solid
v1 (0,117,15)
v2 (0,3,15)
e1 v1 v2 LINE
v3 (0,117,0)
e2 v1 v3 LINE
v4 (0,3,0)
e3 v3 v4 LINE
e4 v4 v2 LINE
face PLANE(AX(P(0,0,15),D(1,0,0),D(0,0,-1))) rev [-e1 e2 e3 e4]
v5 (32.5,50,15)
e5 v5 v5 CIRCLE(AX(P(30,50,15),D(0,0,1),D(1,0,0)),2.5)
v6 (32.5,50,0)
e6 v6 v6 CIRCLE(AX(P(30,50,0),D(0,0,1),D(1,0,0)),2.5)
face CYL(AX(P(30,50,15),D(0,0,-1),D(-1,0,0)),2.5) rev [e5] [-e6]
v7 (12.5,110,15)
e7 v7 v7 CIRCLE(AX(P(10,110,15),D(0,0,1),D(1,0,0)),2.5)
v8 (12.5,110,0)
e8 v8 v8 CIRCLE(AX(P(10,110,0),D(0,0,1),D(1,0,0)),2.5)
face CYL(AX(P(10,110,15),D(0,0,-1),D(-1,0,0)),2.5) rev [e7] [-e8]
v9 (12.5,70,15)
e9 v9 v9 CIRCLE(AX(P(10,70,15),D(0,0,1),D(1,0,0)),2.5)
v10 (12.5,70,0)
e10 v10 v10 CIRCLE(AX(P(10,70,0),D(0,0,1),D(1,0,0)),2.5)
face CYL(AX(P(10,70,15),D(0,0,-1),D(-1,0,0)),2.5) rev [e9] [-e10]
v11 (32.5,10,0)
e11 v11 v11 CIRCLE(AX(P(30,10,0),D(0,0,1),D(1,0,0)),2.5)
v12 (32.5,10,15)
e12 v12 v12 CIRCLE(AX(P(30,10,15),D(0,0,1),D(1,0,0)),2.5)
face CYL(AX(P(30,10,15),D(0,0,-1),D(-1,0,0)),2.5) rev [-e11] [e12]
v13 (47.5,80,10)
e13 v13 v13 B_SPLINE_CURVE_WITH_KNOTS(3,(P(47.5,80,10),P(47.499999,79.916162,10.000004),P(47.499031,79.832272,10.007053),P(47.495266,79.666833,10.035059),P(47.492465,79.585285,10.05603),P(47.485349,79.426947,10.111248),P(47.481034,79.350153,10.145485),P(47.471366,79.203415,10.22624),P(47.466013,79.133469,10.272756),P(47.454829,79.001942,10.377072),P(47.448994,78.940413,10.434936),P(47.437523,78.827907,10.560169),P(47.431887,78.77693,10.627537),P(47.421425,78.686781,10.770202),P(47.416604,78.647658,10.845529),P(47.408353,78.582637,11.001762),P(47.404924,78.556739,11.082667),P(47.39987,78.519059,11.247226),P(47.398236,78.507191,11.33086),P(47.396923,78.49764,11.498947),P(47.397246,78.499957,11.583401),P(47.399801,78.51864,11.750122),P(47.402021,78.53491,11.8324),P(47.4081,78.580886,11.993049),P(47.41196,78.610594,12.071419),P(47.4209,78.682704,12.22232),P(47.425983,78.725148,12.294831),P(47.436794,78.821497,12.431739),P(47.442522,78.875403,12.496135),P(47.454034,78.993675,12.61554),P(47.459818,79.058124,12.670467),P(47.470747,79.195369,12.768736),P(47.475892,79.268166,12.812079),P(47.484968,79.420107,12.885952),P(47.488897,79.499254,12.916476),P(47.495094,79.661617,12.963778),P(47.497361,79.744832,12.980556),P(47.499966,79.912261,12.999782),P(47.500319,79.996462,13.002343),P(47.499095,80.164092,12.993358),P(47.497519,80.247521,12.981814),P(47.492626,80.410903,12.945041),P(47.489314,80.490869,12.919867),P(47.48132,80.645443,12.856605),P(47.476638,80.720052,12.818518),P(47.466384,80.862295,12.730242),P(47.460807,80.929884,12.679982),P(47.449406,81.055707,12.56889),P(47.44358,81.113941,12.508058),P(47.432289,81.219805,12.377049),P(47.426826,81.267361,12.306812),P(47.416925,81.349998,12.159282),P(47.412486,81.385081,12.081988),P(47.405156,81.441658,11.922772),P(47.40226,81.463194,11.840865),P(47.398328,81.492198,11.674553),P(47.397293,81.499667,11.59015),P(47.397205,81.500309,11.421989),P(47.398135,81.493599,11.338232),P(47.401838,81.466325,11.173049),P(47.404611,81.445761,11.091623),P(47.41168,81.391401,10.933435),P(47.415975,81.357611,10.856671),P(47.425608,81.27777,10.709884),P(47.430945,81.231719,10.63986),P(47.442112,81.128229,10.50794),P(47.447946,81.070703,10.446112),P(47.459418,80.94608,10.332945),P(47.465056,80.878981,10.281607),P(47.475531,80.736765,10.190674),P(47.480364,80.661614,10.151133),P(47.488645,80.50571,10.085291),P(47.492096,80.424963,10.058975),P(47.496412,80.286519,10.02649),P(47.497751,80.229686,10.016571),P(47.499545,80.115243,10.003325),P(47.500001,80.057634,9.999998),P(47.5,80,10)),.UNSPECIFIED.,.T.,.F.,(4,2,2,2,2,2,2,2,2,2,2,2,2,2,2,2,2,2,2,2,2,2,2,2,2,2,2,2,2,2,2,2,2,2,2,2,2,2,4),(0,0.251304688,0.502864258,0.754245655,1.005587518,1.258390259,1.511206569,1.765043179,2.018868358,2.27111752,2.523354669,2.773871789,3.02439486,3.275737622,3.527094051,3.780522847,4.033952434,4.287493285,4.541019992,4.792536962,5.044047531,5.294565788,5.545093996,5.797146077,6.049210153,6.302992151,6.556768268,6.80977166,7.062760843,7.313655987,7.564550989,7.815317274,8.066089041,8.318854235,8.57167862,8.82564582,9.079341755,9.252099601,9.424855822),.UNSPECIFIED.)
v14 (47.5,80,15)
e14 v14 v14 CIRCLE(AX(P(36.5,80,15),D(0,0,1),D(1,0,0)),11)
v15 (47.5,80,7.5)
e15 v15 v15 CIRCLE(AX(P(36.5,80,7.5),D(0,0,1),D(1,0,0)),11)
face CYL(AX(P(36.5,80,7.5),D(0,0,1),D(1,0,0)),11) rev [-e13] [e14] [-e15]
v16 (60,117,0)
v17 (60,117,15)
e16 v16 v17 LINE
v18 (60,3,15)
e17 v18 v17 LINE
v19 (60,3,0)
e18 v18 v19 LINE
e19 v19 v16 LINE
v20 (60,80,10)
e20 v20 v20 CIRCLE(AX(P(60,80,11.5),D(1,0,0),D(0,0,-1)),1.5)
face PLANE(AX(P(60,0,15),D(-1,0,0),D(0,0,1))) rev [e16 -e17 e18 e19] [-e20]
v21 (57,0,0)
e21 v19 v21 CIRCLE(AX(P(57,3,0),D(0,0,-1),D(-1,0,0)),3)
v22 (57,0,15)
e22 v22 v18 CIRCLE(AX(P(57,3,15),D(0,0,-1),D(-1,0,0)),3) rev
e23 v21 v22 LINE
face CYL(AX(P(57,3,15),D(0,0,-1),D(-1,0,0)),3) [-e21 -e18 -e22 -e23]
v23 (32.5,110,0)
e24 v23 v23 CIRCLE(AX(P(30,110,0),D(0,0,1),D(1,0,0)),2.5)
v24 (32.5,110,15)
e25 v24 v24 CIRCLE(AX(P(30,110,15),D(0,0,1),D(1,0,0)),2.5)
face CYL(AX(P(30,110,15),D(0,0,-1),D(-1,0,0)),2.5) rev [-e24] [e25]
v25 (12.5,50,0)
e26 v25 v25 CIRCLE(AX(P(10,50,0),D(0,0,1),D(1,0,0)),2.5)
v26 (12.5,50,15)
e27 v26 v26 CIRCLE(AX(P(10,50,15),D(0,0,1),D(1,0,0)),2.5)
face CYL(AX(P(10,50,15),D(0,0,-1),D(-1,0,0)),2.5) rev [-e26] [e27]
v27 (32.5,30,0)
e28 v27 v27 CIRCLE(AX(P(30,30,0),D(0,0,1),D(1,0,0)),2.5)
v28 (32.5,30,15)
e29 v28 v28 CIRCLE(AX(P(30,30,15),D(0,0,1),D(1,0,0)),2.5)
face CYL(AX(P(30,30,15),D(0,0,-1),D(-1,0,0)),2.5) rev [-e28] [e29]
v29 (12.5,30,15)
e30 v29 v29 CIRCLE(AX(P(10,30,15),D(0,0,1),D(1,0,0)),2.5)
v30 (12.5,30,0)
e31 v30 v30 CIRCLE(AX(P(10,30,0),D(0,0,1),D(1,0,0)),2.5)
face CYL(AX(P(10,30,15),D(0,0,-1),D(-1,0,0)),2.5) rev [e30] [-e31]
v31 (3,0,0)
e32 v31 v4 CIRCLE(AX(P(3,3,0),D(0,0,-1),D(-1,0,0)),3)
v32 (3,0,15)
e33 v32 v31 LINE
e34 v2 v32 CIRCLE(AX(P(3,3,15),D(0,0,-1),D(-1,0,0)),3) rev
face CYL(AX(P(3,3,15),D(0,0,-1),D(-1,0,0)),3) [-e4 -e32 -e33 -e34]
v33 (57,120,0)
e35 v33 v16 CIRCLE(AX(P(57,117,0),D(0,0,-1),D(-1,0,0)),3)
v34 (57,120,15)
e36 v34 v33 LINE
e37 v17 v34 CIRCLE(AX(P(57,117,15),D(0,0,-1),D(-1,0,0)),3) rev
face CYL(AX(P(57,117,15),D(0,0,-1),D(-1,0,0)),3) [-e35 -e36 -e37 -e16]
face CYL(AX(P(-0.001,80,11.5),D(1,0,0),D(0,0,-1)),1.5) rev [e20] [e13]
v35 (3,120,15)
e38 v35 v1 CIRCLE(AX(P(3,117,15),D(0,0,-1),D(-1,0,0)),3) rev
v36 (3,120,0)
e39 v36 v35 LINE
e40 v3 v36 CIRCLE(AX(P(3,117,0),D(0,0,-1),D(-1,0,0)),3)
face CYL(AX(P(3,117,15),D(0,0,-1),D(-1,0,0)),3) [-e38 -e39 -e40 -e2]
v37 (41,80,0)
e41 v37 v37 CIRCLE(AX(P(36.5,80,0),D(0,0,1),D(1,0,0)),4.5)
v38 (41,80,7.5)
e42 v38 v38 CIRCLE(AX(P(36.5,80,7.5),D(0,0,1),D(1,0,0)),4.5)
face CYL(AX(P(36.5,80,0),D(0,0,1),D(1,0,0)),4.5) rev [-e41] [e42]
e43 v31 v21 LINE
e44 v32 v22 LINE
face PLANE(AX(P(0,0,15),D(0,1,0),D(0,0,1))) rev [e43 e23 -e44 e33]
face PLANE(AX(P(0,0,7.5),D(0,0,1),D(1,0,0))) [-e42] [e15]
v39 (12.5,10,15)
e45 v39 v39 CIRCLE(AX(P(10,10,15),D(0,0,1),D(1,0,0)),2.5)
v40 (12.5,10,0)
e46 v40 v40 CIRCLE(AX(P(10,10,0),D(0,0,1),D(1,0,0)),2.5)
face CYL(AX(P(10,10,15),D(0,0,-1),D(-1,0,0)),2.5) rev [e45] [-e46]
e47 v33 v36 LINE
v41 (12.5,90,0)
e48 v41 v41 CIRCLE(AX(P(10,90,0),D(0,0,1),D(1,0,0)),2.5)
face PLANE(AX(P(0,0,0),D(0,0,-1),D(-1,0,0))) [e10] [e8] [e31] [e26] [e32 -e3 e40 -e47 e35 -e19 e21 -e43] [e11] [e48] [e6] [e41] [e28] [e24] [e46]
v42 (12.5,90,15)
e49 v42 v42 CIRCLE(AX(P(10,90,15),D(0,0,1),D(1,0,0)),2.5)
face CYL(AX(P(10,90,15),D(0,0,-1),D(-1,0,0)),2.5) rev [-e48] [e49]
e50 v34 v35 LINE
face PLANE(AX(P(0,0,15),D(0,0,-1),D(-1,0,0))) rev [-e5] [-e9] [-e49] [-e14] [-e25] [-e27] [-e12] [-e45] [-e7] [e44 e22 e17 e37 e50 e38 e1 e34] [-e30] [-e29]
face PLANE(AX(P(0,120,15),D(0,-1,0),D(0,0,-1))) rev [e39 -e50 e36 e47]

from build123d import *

# Parameters (mm, degrees)
SKETCH1_W               = 60
SKETCH1_H               = 120
SKETCH1_R               = 2.5
BOSS_EXTRUDE1_DEPTH     = 15
FILLET1_R               = 3
SKETCH2_R               = 4.5
CUT_EXTRUDE1_DEPTH      = 136
SKETCH2_3_R             = 11
SKETCH2_3_R_2           = 4.5
CUT_EXTRUDE2_DEPTH      = 7.5
CUT_EXTRUDE3_REACH      = 137
CUT_EXTRUDE3_END_RADIUS = 11
SKETCH3_R               = 1.5


with BuildPart() as part:
    # Sketch1 → Boss-Extrude1 (new body)
    with BuildSketch(Plane.XY):
        with Locations((30, 60)):
            Rectangle(SKETCH1_W, SKETCH1_H)
        with Locations((10, 110)):
            Circle(SKETCH1_R, mode=Mode.SUBTRACT)
        with Locations((30, 110)):
            Circle(SKETCH1_R, mode=Mode.SUBTRACT)
        with Locations((10, 90)):
            Circle(SKETCH1_R, mode=Mode.SUBTRACT)
        with Locations((10, 70)):
            Circle(SKETCH1_R, mode=Mode.SUBTRACT)
        with Locations((10, 10)):
            Circle(SKETCH1_R, mode=Mode.SUBTRACT)
        with Locations((30, 10)):
            Circle(SKETCH1_R, mode=Mode.SUBTRACT)
        with Locations((30, 50)):
            Circle(SKETCH1_R, mode=Mode.SUBTRACT)
        with Locations((10, 50)):
            Circle(SKETCH1_R, mode=Mode.SUBTRACT)
        with Locations((10, 30)):
            Circle(SKETCH1_R, mode=Mode.SUBTRACT)
        with Locations((30, 30)):
            Circle(SKETCH1_R, mode=Mode.SUBTRACT)
    extrude(amount=BOSS_EXTRUDE1_DEPTH)

    # Fillet1
    fillet1_edges = [part.edges().sort_by_distance(p)[0] for p in [
        (0, 120, 7.5),
        (60, 120, 7.5),
        (60, 0, 7.5),
        (0, 0, 7.5),
    ]]
    fillet(fillet1_edges, radius=FILLET1_R)

    # Sketch2 → Cut-Extrude1 (cut, through all)
    with BuildSketch(Plane.XY.offset(15)):
        with Locations((36.5, 80)):
            Circle(SKETCH2_R)
    extrude(amount=-CUT_EXTRUDE1_DEPTH, mode=Mode.SUBTRACT)

    # Sketch2<3> → Cut-Extrude2 (cut)
    with BuildSketch(Plane.XY.offset(15)):
        with Locations((36.5, 80)):
            Circle(SKETCH2_3_R)
        with Locations((36.5, 80)):
            Circle(SKETCH2_3_R_2, mode=Mode.SUBTRACT)
    extrude(amount=-CUT_EXTRUDE2_DEPTH, mode=Mode.SUBTRACT)

    # Cut-Extrude3: up to this cylinder (the profile starts outside it)
    cut_extrude3_end = Plane(origin=(36.5, 80, 11.5), z_dir=(0, 0, 1)) * Cylinder(CUT_EXTRUDE3_END_RADIUS, 297, mode=Mode.PRIVATE)
    # Sketch3 → Cut-Extrude3 (cut, up to the surface)
    with BuildSketch(Plane(origin=(60, 0, 0), x_dir=(0, 0, -1), z_dir=(1, 0, 0)), mode=Mode.PRIVATE) as cut_extrude3_sk1:
        with Locations((-11.5, 80)):
            Circle(SKETCH3_R)
    cut_extrude3_tool1 = extrude(cut_extrude3_sk1.sketch, amount=-CUT_EXTRUDE3_REACH, mode=Mode.PRIVATE) - cut_extrude3_end
    add(cut_extrude3_tool1.solids().sort_by_distance((60, 80, 11.5))[0], mode=Mode.SUBTRACT)


solid = part.part
